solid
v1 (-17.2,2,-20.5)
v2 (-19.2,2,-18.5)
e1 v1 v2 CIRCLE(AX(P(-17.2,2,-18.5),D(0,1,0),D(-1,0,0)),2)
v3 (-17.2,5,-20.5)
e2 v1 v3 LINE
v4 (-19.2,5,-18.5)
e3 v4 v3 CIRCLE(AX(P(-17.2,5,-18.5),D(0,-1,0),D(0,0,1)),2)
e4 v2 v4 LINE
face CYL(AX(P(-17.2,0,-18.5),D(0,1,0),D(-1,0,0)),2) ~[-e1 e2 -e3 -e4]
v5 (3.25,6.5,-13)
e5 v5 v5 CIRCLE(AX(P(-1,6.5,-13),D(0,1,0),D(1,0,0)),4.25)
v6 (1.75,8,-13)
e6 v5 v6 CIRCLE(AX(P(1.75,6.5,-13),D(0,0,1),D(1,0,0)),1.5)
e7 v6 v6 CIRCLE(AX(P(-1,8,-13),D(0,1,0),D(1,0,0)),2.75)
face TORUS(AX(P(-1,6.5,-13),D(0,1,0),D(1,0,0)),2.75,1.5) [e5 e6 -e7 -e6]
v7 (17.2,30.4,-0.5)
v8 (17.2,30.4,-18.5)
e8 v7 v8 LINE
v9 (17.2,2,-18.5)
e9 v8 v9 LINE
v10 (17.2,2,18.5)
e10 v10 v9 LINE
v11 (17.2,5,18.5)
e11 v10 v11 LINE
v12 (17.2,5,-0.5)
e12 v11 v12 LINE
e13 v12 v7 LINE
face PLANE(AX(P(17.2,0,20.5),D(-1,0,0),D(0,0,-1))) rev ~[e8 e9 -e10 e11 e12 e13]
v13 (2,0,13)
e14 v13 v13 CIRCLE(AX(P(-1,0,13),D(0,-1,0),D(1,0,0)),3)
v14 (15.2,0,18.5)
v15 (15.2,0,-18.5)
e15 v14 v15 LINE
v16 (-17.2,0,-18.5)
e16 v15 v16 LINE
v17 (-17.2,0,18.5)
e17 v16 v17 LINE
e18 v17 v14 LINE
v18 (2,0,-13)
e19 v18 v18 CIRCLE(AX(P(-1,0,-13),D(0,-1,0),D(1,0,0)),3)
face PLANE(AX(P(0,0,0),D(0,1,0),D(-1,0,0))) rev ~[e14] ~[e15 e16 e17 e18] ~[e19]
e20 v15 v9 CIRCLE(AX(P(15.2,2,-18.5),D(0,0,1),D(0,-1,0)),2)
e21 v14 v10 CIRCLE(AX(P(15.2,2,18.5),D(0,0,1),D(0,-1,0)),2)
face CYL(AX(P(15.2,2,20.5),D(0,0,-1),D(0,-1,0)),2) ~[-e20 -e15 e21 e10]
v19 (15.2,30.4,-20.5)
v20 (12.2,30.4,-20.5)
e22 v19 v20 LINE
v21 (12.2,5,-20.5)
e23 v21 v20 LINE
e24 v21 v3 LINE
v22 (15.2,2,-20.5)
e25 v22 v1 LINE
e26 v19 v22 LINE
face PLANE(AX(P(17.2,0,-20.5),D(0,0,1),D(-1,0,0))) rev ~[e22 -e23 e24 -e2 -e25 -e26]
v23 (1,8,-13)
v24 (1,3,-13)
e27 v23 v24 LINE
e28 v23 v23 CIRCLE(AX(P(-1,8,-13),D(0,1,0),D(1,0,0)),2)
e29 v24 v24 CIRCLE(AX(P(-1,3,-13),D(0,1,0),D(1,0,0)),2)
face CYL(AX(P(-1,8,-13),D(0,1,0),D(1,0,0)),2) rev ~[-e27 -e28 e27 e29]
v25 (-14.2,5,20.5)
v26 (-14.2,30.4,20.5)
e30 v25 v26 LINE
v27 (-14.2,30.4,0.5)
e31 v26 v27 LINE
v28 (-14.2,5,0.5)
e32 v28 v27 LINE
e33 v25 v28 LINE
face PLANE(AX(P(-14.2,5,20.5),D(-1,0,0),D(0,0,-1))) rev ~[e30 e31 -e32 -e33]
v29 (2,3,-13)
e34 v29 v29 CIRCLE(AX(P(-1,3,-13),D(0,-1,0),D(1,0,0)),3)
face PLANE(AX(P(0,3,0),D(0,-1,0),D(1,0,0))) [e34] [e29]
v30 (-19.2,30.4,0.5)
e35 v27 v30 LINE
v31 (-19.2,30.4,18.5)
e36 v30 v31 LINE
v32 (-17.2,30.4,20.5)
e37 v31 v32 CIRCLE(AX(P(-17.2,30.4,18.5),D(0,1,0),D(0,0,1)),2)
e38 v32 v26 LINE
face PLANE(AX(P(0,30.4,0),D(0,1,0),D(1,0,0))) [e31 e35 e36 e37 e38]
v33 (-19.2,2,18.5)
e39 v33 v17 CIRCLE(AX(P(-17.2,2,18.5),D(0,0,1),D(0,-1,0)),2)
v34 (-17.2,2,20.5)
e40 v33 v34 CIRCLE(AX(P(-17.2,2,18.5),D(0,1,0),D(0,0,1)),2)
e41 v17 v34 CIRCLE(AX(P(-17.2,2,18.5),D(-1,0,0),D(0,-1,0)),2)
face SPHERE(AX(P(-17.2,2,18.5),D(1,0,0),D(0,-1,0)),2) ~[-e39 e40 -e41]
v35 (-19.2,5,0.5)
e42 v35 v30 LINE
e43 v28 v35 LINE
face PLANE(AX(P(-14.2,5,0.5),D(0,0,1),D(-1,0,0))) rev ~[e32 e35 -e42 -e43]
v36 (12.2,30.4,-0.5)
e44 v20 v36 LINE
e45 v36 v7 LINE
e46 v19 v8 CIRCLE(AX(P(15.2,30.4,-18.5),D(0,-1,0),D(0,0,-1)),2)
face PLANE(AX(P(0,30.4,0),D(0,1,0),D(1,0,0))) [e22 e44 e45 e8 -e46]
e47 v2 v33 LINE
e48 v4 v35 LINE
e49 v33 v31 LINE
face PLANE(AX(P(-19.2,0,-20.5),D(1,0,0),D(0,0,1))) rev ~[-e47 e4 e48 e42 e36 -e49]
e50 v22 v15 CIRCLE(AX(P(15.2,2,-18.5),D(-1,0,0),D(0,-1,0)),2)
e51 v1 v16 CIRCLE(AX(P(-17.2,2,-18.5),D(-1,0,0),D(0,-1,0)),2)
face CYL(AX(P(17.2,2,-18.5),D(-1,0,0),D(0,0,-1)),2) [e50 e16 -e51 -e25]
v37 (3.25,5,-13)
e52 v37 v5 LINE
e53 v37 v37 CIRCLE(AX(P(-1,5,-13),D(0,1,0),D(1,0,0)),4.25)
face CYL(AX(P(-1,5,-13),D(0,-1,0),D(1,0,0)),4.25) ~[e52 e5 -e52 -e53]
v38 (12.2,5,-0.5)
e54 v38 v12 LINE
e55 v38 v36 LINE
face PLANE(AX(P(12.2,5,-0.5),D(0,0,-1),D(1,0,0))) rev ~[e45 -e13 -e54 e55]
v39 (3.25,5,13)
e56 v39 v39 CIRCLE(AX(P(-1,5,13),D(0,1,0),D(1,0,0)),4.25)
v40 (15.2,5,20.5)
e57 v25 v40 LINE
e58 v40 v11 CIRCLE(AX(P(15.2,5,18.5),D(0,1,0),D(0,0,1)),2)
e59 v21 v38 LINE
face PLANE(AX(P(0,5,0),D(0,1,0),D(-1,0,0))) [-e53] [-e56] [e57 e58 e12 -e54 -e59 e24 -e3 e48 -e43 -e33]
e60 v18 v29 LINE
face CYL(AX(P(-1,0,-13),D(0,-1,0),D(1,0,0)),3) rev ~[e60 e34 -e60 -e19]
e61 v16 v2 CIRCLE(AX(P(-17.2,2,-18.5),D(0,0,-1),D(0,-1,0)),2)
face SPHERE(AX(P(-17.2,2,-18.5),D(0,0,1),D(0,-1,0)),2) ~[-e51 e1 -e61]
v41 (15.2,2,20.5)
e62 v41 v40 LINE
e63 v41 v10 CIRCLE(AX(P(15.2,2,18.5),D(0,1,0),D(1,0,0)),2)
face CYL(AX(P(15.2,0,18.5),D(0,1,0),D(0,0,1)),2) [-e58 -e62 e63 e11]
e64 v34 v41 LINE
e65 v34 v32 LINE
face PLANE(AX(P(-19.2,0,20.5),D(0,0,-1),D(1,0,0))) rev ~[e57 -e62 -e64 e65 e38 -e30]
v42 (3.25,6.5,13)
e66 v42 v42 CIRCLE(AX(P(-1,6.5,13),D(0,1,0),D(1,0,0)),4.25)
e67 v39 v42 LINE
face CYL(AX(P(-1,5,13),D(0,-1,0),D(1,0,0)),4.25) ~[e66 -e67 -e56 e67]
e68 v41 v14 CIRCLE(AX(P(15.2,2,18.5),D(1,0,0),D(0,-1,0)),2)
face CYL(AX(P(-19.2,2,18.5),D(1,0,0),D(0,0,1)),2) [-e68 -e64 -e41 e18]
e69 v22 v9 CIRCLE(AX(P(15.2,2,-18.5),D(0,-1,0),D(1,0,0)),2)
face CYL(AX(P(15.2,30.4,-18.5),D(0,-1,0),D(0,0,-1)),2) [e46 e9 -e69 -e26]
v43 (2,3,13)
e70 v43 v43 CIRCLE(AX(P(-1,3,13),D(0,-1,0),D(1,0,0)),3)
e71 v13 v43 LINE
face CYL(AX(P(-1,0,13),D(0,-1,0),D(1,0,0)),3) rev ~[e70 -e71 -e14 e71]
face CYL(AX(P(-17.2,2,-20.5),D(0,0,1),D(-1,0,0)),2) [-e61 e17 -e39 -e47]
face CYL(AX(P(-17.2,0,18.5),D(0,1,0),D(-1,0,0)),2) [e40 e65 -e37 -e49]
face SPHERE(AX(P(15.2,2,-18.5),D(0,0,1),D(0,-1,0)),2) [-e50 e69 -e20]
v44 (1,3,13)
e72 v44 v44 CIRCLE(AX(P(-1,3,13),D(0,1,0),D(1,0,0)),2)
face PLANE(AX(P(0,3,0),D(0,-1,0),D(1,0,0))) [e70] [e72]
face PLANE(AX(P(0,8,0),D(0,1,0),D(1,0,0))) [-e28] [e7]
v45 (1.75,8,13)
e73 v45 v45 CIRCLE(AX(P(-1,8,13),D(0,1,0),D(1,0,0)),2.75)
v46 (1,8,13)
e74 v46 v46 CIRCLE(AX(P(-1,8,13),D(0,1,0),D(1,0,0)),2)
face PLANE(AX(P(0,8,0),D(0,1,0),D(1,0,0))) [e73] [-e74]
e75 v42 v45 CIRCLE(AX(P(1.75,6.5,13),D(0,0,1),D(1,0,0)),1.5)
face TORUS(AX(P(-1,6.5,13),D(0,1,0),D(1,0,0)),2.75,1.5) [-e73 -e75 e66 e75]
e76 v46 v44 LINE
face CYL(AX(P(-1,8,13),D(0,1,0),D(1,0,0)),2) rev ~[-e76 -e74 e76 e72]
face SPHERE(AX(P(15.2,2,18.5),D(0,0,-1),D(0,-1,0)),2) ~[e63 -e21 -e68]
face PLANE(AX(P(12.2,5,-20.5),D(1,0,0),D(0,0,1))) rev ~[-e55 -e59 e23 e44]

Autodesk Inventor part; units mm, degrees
ref_plane "YZ Plane" through (0, 0, 0) normal (1, 0, 0) x (0, 1, 0)
ref_plane "XZ Plane" through (0, 0, 0) normal (0, 1, 0) x (-1, 0, 0)
ref_plane "XY Plane" through (0, 0, 0) normal (0, 0, 1) x (1, 0, 0)
sketch "Sketch1" plane through (0, 0, 0) normal (0, 1, 0) x (-1, 0, 0)
  line L0 (19.2, 20.5) -> (-17.2, 20.5)
  line L1 (-17.2, 20.5) -> (-17.2, -20.5)
  line L2 (-17.2, -20.5) -> (19.2, -20.5)
  line L3 (19.2, -20.5) -> (19.2, 20.5)
  point P0 (0, 0)
  dimension "d0" = 36.4
  dimension "d1" = 41
extrude "Extrusion1" add sketch "Sketch1" along normal blind 5
sketch "Sketch2" plane through (0, 5, 0) normal (0, 1, 0) x (1, 0, 0)
  line L0 (-19.2, -20.5) -> (17.2, -20.5) projected
  line L1 (-19.2, -20.5) -> (-14.2, -20.5)
  line L2 (-14.2, -20.5) -> (-14.2, -0.5)
  line L3 (-14.2, -0.5) -> (-19.2, -0.5)
  line L4 (-19.2, -0.5) -> (-19.2, -20.5)
  line L5 (17.2, 20.5) -> (-19.2, 20.5) projected
  line L6 (17.2, 20.5) -> (12.2, 20.5)
  line L7 (12.2, 20.5) -> (12.2, 0.5)
  line L8 (12.2, 0.5) -> (17.2, 0.5)
  line L9 (17.2, 0.5) -> (17.2, 20.5)
  point P0 (0, 0)
  dimension "d4" = 5
  dimension "d5" = 20
  dimension "d6" = 5
  dimension "d7" = 20
extrude "Extrusion2" add sketch "Sketch2" along normal blind 25.4
sketch "Sketch3" plane through (0, 5, 0) normal (0, 1, 0) x (1, 0, 0)
  circle A0 centre (-1, -13) radius 4.25
  circle A1 centre (-1, 13) radius 4.25
  line L0 (-14.2, -20.5) -> (-14.2, -0.5) projected
  line L1 (12.2, 20.5) -> (12.2, 0.5) projected
  point P0 (0, 0)
  dimension "d10" = 8.5
  dimension "d11" = 8.5
  dimension "d24" = 13.2
  dimension "d25" = 13.2
extrude "Extrusion3" add sketch "Sketch3" along normal blind 3
sketch "Sketch4" plane through (-1, 8, 13) normal (0, 1, 0) x (1, 0, 0)
  circle A0 centre (0, 0) radius 4.25 projected
  circle A1 centre (0, 0) radius 2
  circle A2 centre (0, 26) radius 4.25 projected
  circle A3 centre (0, 26) radius 2
  point P0 (1, 13)
  dimension "d14" = 4
  dimension "d15" = 4
extrude "Extrusion4" cut sketch "Sketch4" against normal blind 10 contours A1 | A3
fillet "Fillet1" radius 2 8 edges at (17.2, 0, 0) (-1, 0, 20.5) (-19.2, 0, 0) (-1, 0, -20.5) (-19.2, 15.2, 20.5) (17.2, 15.2, -20.5) (-19.2, 2.5, -20.5) (17.2, 2.5, 20.5)
fillet "Fillet2" radius 1.5 2 edges at (-5.25, 8, -13) (-5.25, 8, 13)
sketch "Sketch5" plane through (0, 0, 0) normal (0, -1, 0) x (1, 0, 0)
  circle A0 centre (-1, 13) radius 2 projected
  circle A1 centre (-1, 13) radius 3
  circle A2 centre (-1, -13) radius 2 projected
  circle A3 centre (-1, -13) radius 3
  point P0 (0, 0)
  dimension "d20" = 6
  dimension "d21" = 6
extrude "Extrusion5" cut sketch "Sketch5" against normal blind 3 contours A0 | A1 | A2 | A3
properties part number "botMountThick"
